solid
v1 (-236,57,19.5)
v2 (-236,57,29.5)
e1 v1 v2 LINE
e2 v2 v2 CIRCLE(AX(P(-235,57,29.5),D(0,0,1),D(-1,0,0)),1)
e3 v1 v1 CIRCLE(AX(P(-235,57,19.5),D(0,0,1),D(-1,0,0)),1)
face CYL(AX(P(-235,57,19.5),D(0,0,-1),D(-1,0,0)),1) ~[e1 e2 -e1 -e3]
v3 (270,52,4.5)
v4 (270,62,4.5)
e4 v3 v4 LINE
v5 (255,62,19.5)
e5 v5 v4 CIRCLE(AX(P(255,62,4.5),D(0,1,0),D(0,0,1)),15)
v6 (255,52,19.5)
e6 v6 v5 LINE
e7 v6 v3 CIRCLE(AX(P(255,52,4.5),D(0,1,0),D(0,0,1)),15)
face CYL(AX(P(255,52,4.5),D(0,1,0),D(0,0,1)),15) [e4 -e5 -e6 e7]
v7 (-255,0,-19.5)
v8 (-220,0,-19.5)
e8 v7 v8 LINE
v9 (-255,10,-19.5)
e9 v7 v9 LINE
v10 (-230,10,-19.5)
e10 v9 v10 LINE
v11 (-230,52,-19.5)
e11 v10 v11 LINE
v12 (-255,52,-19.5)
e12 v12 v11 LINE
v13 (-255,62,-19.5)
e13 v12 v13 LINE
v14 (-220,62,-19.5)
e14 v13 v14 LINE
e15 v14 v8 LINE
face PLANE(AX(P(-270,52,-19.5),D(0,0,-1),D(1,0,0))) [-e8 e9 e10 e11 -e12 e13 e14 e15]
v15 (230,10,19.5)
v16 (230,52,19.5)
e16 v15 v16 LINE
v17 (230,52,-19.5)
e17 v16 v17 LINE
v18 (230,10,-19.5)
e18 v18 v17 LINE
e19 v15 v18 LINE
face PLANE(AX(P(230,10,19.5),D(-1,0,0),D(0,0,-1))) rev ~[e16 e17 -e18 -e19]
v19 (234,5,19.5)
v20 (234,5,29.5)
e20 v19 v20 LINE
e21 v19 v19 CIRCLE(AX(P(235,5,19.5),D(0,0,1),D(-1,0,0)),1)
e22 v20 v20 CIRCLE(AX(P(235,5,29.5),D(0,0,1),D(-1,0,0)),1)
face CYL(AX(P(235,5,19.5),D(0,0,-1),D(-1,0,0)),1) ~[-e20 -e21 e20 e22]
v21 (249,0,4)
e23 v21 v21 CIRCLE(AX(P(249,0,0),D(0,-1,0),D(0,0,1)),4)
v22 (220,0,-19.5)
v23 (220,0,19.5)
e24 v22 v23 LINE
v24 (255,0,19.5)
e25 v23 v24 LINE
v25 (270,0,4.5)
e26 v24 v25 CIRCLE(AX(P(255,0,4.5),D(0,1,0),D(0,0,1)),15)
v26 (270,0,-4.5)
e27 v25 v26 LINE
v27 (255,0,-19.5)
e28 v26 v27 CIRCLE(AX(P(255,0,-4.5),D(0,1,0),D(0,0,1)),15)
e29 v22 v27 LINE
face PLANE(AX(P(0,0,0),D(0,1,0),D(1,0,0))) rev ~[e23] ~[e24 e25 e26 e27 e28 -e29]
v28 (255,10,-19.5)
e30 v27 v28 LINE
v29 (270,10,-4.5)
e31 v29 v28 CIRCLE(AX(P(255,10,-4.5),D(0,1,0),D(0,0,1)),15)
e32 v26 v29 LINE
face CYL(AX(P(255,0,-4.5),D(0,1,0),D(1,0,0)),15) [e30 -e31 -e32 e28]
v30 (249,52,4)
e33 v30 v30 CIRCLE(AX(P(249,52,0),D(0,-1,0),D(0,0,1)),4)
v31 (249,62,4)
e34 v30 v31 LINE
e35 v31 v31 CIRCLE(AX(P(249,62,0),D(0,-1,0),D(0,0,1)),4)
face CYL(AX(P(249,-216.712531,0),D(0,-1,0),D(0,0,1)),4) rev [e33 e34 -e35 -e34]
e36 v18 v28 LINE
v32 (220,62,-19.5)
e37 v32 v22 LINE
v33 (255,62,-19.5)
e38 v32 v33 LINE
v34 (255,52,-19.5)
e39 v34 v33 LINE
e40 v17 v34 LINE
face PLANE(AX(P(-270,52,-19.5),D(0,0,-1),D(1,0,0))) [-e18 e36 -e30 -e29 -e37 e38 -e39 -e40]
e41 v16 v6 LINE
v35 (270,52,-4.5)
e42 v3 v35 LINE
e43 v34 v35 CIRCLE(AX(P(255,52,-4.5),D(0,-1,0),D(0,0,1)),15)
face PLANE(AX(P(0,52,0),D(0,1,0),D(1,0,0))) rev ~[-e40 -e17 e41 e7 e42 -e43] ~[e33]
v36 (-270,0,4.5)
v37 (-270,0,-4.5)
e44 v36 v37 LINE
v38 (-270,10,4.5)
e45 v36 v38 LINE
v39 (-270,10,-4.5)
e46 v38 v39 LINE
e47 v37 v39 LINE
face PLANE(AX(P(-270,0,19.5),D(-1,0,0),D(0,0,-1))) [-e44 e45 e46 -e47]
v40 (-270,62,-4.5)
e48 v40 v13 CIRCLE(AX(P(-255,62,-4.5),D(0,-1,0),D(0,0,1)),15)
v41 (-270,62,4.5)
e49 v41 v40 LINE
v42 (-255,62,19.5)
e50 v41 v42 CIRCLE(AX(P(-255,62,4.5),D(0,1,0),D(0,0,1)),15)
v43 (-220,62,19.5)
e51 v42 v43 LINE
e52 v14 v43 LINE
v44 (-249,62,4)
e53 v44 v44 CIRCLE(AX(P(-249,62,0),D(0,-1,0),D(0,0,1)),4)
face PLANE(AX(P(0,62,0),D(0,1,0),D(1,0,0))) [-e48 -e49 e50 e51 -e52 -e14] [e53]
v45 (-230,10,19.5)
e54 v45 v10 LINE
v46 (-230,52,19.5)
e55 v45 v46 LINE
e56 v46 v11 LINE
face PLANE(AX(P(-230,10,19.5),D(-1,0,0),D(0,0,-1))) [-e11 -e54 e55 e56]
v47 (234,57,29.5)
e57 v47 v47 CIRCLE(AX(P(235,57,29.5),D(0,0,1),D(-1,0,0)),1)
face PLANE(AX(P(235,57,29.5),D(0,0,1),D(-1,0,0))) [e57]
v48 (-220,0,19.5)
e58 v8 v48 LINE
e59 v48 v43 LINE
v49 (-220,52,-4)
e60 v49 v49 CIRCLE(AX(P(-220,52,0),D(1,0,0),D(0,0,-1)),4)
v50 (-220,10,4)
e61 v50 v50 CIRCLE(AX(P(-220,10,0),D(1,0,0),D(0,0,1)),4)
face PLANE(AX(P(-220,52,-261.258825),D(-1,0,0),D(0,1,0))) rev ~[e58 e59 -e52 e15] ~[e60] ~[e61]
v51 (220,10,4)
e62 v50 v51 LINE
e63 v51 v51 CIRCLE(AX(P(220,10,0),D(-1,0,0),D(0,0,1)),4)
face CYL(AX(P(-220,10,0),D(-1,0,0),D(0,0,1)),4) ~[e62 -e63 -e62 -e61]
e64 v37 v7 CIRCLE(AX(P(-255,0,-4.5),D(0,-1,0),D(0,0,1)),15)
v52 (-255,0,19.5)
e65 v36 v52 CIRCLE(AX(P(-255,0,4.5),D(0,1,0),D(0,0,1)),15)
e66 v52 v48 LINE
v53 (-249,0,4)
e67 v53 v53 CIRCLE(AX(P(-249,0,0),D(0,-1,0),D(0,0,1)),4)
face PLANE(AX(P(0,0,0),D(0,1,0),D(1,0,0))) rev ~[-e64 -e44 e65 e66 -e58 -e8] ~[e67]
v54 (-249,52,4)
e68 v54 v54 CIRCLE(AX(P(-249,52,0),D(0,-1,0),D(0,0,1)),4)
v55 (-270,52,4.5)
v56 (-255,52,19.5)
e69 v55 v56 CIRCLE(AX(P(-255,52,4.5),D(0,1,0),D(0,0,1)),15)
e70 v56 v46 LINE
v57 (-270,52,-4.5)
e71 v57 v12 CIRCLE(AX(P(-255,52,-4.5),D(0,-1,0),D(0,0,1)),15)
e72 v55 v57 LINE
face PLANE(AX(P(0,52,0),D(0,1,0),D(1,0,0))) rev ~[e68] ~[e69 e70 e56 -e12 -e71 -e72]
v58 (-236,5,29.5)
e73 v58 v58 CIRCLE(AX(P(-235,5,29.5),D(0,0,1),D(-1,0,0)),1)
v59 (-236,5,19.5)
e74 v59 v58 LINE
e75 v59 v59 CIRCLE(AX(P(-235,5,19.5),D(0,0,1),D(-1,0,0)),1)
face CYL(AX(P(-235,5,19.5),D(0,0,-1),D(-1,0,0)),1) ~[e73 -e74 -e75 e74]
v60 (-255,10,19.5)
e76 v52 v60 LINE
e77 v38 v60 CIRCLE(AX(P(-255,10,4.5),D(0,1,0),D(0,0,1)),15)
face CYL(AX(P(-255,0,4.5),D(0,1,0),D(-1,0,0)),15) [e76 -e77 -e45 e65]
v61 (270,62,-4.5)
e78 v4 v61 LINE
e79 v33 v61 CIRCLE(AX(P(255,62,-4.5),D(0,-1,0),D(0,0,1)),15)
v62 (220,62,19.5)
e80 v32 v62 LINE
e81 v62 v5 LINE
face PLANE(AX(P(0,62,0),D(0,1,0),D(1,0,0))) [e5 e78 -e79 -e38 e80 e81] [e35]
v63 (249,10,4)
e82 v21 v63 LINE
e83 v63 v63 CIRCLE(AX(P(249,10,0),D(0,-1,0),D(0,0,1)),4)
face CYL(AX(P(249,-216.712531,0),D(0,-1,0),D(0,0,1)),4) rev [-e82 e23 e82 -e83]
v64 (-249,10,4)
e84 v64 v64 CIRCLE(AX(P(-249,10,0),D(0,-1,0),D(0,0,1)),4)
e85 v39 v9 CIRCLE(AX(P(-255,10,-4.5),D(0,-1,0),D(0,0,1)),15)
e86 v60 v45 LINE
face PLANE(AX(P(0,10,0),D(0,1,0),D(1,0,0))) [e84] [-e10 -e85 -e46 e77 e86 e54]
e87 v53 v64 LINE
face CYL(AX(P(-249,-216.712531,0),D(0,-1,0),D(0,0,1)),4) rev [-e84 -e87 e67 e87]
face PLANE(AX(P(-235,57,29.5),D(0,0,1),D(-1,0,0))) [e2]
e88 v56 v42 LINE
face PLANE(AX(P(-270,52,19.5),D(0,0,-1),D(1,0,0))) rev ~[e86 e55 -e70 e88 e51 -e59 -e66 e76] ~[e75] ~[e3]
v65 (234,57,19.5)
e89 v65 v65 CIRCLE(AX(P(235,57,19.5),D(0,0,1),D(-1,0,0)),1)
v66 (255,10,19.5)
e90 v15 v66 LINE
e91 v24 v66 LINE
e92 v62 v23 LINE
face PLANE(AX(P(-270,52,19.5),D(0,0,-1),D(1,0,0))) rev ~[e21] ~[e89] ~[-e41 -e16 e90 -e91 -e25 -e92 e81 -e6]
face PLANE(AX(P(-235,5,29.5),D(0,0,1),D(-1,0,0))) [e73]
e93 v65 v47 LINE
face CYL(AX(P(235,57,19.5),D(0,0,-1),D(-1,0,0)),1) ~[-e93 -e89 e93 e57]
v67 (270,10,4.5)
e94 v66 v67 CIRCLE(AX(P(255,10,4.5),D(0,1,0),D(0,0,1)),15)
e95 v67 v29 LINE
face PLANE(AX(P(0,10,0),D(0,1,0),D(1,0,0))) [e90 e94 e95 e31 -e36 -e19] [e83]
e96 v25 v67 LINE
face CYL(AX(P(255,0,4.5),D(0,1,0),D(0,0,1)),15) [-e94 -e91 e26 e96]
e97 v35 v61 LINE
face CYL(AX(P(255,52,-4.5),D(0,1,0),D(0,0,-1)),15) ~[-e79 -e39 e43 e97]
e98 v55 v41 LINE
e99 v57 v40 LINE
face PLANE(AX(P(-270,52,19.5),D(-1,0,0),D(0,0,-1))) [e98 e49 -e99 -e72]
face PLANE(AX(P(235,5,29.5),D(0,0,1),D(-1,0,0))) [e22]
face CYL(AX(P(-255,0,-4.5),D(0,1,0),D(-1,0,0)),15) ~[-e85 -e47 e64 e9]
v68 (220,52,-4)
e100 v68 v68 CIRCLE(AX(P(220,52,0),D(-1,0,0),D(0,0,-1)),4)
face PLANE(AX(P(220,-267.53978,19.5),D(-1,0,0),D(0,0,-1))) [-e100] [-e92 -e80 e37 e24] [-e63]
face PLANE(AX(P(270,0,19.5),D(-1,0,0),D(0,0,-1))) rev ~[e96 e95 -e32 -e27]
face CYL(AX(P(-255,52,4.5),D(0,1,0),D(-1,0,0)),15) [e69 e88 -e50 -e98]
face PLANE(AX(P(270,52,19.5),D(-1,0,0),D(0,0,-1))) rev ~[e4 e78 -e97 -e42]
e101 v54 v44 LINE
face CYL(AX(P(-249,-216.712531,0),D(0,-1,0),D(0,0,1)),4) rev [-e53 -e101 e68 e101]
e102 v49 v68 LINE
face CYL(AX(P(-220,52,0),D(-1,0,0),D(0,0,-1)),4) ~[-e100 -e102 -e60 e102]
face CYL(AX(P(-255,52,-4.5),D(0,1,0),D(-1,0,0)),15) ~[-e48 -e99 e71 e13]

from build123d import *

# Parameters (mm, degrees)
ESQUISSE1_W                  = 540
ESQUISSE1_H                  = 39
BOSS_EXTRU_1_DEPTH           = 10
CONG_1_R                     = 15
ESQUISSE3_W                  = 10
ESQUISSE3_H                  = 39
BOSS_EXTRU_2_DEPTH           = 42
ESQUISSE4_W                  = 540
ESQUISSE4_H                  = 39
BOSS_EXTRU_3_DEPTH           = 10
CONG_2_R                     = 15
ENL_V_MAT_EXTRU_2_DEPTH      = 278.712531226
ENL_V_MAT_EXTRU_2_DEPTH_BACK = 278.712531226
ESQUISSE5_R                  = 4
ESQUISSE6_R                  = 1
BOSS_EXTRU_4_DEPTH           = 10
ENL_V_MAT_EXTRU_3_DEPTH      = 280.758824704
ENL_V_MAT_EXTRU_3_DEPTH_BACK = 280.758824704
ESQUISSE7_W                  = 440
ESQUISSE7_H                  = 10
ENL_V_MAT_EXTRU_4_DEPTH      = 277.53978014
ENL_V_MAT_EXTRU_4_DEPTH_BACK = 277.53978014
ESQUISSE13_W                 = 440
ESQUISSE13_H                 = 39
BOSS_EXTRU_6_REACH           = 496.787
ESQUISSE14_R                 = 4


with BuildPart() as part:
    # Esquisse1 → Boss.-Extru.1 (new body)
    with BuildSketch(Plane(origin=(0, 0, 0), x_dir=(1, 0, 0), z_dir=(0, 1, 0))):
        Rectangle(ESQUISSE1_W, ESQUISSE1_H)
    extrude(amount=BOSS_EXTRU_1_DEPTH)

    # Congé1
    cong_1_edges = [part.edges().sort_by_distance(p)[0] for p in [
        (270, 5, 19.5),
        (-270, 5, 19.5),
        (-270, 5, -19.5),
        (270, 5, -19.5),
    ]]
    fillet(cong_1_edges, radius=CONG_1_R)

    # Esquisse3 → Boss.-Extru.2 (add)
    with BuildSketch(Plane(origin=(0, 10, 0), x_dir=(1, 0, 0), z_dir=(0, 1, 0))):
        with Locations((-225, 0)):
            Rectangle(ESQUISSE3_W, ESQUISSE3_H)
        with Locations((225, 0)):
            Rectangle(ESQUISSE3_W, ESQUISSE3_H)
    extrude(amount=BOSS_EXTRU_2_DEPTH)

    # Esquisse4 → Boss.-Extru.3 (add)
    with BuildSketch(Plane(origin=(0, 52, 0), x_dir=(1, 0, 0), z_dir=(0, 1, 0))):
        Rectangle(ESQUISSE4_W, ESQUISSE4_H)
    extrude(amount=BOSS_EXTRU_3_DEPTH)

    # Congé2
    cong_2_edges = [part.edges().sort_by_distance(p)[0] for p in [
        (-270, 57, -19.5),
        (-270, 57, 19.5),
        (270, 57, 19.5),
        (270, 57, -19.5),
    ]]
    fillet(cong_2_edges, radius=CONG_2_R)

    # Esquisse5 → Enlèv. mat.-Extru.2 (cut, two sides: drawn at the far end of the back side and taken through both)
    with BuildSketch(Plane(origin=(0, 62, 0), x_dir=(1, 0, 0), z_dir=(0, 1, 0)).offset(-ENL_V_MAT_EXTRU_2_DEPTH_BACK)):
        with Locations(Location((249, 0, 0), (0, 0, 270))):
            Circle(ESQUISSE5_R)
        with Locations(Location((-249, 0, 0), (0, 0, 270))):
            Circle(ESQUISSE5_R)
    extrude(amount=ENL_V_MAT_EXTRU_2_DEPTH + ENL_V_MAT_EXTRU_2_DEPTH_BACK, mode=Mode.SUBTRACT)

    # Esquisse6 → Boss.-Extru.4 (add)
    with BuildSketch(Plane.XY.offset(19.5)):
        with Locations(Location((-235, 57, 0), (0, 0, 180))):
            Circle(ESQUISSE6_R)
        with Locations(Location((-235, 5, 0), (0, 0, 180))):
            Circle(ESQUISSE6_R)
        with Locations(Location((235, 5, 0), (0, 0, 180))):
            Circle(ESQUISSE6_R)
        with Locations(Location((235, 57, 0), (0, 0, 180))):
            Circle(ESQUISSE6_R)
    extrude(amount=BOSS_EXTRU_4_DEPTH)

    # Esquisse7 → Enlèv. mat.-Extru.3 (cut, two sides: drawn at the far end of the back side and taken through both)
    with BuildSketch(Plane.XY.offset(19.5).offset(-ENL_V_MAT_EXTRU_3_DEPTH_BACK)):
        with Locations((0, 57)):
            Rectangle(ESQUISSE7_W, ESQUISSE7_H)
    extrude(amount=ENL_V_MAT_EXTRU_3_DEPTH + ENL_V_MAT_EXTRU_3_DEPTH_BACK, mode=Mode.SUBTRACT)

    # Esquisse13 → Enlèv. mat.-Extru.4 (cut, two sides: drawn at the far end of the back side and taken through both)
    with BuildSketch(Plane(origin=(0, 10, 0), x_dir=(1, 0, 0), z_dir=(0, 1, 0)).offset(-ENL_V_MAT_EXTRU_4_DEPTH_BACK)):
        Rectangle(ESQUISSE13_W, ESQUISSE13_H)
    extrude(amount=ENL_V_MAT_EXTRU_4_DEPTH + ENL_V_MAT_EXTRU_4_DEPTH_BACK, mode=Mode.SUBTRACT)


with BuildPart() as enl_v_mat_extru_4_piece_1:
    # of the separate pieces the step leaves, piece 1, a body of its own (enl_v_mat_extru_4_pieces)
    add(part.part.solids().sort_by_distance((220, 0, -19.5))[0])

    # Esquisse14 → Boss.-Extru.6 (add, up to next)
    with BuildSketch(Plane(origin=(-220, 0, 0), x_dir=(0, 0, -1), z_dir=(1, 0, 0)), mode=Mode.PRIVATE) as boss_extru_6_sk1:
        with Locations((0, 52)):
            Circle(ESQUISSE14_R)
    boss_extru_6_tool1 = extrude(boss_extru_6_sk1.sketch, amount=BOSS_EXTRU_6_REACH, mode=Mode.PRIVATE) - enl_v_mat_extru_4_piece_1.part
    # Esquisse14 → Boss.-Extru.6 (add, up to next)
    with BuildSketch(Plane(origin=(-220, 0, 0), x_dir=(0, 0, -1), z_dir=(1, 0, 0)), mode=Mode.PRIVATE) as boss_extru_6_sk2:
        with Locations(Location((0, 10, 0), (0, 0, 180))):
            Circle(ESQUISSE14_R)
    boss_extru_6_tool2 = extrude(boss_extru_6_sk2.sketch, amount=BOSS_EXTRU_6_REACH, mode=Mode.PRIVATE) - enl_v_mat_extru_4_piece_1.part


with BuildPart() as enl_v_mat_extru_4_piece_2:
    # of the separate pieces the step leaves, piece 2, a body of its own (enl_v_mat_extru_4_pieces)
    add(part.part.solids().sort_by_distance((-255, 52, -19.5))[0])


with BuildPart() as enl_v_mat_extru_4_piece_1_1:
    add(enl_v_mat_extru_4_piece_1.part)

    add(enl_v_mat_extru_4_piece_2.part)  # Boss.-Extru.6 merges Enlèv. mat.-Extru.4 piece 2
    add(boss_extru_6_tool1.solids().sort_by_distance((-220, 52, 0))[0])
    add(boss_extru_6_tool2.solids().sort_by_distance((-220, 10, 0))[0])


solid = enl_v_mat_extru_4_piece_1_1.part
